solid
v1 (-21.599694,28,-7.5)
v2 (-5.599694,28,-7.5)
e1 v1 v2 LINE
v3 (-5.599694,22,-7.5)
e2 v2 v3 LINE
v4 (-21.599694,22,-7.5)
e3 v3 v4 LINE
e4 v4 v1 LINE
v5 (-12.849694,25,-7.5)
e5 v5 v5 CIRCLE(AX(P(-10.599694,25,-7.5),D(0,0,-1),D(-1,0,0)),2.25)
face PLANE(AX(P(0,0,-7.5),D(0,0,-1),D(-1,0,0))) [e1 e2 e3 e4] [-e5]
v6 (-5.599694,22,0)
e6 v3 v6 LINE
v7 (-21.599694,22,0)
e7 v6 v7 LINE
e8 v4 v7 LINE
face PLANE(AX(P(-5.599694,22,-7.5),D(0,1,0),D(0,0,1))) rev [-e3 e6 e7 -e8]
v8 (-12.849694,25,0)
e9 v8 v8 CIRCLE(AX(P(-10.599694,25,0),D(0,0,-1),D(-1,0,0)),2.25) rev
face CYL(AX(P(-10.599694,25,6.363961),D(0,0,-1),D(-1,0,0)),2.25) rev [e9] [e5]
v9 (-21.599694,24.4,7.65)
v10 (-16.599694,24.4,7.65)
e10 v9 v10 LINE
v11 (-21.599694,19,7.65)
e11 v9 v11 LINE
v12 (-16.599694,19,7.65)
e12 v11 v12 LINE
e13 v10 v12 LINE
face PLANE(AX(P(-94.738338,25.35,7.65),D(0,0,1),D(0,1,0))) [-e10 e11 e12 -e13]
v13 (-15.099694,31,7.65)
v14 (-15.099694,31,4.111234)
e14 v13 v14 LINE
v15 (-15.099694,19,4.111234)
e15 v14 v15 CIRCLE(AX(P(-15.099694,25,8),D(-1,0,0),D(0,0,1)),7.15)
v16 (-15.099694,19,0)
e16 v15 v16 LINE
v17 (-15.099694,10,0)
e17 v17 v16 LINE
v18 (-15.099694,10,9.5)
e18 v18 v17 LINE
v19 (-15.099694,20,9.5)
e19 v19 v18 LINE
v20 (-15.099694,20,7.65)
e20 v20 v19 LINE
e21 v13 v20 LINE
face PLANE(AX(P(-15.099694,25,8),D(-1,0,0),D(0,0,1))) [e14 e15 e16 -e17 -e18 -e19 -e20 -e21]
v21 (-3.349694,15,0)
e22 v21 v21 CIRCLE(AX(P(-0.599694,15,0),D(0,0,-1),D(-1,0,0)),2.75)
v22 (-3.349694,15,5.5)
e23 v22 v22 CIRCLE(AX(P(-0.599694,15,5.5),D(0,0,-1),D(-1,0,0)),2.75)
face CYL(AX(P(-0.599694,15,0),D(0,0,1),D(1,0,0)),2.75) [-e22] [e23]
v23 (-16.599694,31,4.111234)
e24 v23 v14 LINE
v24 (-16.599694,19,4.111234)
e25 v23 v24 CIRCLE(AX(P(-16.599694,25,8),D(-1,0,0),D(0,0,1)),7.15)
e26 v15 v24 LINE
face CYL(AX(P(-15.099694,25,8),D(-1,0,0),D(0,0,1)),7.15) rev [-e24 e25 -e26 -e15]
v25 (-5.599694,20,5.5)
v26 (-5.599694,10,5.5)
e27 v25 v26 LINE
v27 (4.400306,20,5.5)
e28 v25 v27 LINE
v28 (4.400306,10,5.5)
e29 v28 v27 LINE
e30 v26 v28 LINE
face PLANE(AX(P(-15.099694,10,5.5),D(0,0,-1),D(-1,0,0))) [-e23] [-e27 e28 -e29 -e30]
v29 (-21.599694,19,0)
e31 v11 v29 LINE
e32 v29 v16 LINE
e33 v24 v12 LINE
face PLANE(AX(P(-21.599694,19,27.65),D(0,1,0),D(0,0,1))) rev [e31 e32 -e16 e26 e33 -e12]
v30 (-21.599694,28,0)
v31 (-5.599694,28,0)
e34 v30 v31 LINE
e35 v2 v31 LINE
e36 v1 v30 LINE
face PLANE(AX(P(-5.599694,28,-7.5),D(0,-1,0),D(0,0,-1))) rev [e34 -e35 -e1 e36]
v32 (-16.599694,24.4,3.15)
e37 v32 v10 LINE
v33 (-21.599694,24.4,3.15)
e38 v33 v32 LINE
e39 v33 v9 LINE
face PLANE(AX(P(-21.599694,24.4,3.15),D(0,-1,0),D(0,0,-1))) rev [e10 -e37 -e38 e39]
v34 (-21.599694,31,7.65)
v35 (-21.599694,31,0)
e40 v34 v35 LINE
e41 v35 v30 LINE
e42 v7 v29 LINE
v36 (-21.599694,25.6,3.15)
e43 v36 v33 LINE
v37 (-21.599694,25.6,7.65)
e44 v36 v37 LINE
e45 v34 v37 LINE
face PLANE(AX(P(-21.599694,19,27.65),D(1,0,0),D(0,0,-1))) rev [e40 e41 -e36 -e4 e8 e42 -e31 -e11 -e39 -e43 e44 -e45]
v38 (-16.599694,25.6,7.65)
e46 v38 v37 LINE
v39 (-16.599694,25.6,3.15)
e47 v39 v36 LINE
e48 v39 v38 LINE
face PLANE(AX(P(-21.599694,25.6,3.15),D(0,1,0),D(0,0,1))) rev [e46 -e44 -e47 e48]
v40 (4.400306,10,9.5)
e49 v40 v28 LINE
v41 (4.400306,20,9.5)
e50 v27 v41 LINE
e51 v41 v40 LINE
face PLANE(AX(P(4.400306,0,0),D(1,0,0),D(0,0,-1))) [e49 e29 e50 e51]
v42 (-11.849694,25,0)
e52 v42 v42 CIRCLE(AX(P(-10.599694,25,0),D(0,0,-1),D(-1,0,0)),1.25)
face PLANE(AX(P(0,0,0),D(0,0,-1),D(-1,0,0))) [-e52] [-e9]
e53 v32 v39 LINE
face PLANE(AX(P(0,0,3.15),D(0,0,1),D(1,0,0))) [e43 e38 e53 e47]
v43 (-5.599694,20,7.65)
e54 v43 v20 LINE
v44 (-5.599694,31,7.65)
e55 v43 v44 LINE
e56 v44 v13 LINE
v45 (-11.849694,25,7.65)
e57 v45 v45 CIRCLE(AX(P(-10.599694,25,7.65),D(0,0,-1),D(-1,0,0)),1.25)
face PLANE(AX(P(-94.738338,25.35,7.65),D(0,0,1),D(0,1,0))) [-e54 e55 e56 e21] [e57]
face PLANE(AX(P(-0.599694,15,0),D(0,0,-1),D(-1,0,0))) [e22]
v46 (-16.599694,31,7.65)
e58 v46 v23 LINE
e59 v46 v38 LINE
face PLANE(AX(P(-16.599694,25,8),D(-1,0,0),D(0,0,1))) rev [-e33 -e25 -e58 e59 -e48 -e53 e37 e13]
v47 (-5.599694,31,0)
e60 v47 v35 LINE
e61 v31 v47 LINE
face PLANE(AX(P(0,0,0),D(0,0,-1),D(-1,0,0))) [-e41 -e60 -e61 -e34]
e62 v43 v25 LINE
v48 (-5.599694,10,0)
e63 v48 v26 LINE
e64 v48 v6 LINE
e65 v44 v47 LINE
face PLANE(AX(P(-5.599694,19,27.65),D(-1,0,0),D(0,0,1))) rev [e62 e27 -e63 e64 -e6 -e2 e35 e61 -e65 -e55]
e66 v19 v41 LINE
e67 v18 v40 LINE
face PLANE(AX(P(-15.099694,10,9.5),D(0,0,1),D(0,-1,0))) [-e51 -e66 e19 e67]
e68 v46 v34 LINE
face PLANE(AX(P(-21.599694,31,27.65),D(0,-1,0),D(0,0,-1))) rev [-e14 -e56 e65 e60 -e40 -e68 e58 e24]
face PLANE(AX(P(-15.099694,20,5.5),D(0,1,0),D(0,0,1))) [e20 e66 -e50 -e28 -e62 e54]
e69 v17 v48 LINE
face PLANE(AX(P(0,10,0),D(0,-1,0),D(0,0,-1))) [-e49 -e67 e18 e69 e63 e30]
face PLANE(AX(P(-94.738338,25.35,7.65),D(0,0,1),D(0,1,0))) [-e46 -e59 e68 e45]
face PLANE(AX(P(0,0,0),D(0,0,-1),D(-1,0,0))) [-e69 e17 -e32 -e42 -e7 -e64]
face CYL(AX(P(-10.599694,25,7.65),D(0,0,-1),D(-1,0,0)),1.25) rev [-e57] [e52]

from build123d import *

# Parameters (mm, degrees)
SKETCH_1_W          = 16
SKETCH_1_H          = 12
EXTRUDE_1_DEPTH     = 7.65
SKETCH_2_W          = 5
SKETCH_2_H          = 1.2
CUT_EXTRUDE_1_DEPTH = 4.5
SKETCH_3_R          = 7.15
CUT_EXTRUDE_2_DEPTH = 1.5
SKETCH_4_W          = 16
SKETCH_4_H          = 6
EXTRUDE_2_DEPTH     = 7.5
SKETCH_5_R          = 2.25
CUT_EXTRUDE_3_DEPTH = 7.5
SKETCH_6_R          = 1.25
CUT_EXTRUDE_4_DEPTH = 8.65
SKETCH_7_W          = 9.5
SKETCH_7_H          = 7.65
EXTRUDE_3_DEPTH     = 9
EXTRUDE_START       = -9.5
SKETCH_8_W          = 4
SKETCH_8_H          = 10
EXTRUDE_4_DEPTH     = 19.5
SKETCH_9_R          = 2.75
EXTRUDE_5_DEPTH     = 5.5


with BuildPart() as part:
    # Эскиз1 → Бобышка-Вытянуть1 (new body)
    with BuildSketch(Plane.XY):
        with Locations((-13.599693696, 25)):
            Rectangle(SKETCH_1_W, SKETCH_1_H)
    extrude(amount=EXTRUDE_1_DEPTH)

    # Эскиз2 → Вырез-Вытянуть1 (cut)
    with BuildSketch(Plane.XY.offset(7.65)):
        with Locations((-19.099693696, 25)):
            Rectangle(SKETCH_2_W, SKETCH_2_H)
    extrude(amount=-CUT_EXTRUDE_1_DEPTH, mode=Mode.SUBTRACT)

    # Эскиз3 → Вырез-Вытянуть2 (cut)
    with BuildSketch(Plane.ZY.offset(16.599693696)):
        with Locations((8, 25)):
            Circle(SKETCH_3_R)
    extrude(amount=-CUT_EXTRUDE_2_DEPTH, mode=Mode.SUBTRACT)

    # Эскиз4 → Бобышка-Вытянуть2 (add)
    with BuildSketch(Plane(origin=(0, 0, 0), x_dir=(-1, 0, 0), z_dir=(0, 0, -1))):
        with Locations((13.599693696, 25)):
            Rectangle(SKETCH_4_W, SKETCH_4_H)
    extrude(amount=EXTRUDE_2_DEPTH)

    # Эскиз5 → Вырез-Вытянуть3 (cut)
    with BuildSketch(Plane(origin=(0, 0, -7.5), x_dir=(-1, 0, 0), z_dir=(0, 0, -1))):
        with Locations((10.599693696, 25)):
            Circle(SKETCH_5_R)
    extrude(amount=-CUT_EXTRUDE_3_DEPTH, mode=Mode.SUBTRACT)

    # Эскиз6 → Вырез-Вытянуть4 (cut, through all)
    with BuildSketch(Plane(origin=(0, 0, 0), x_dir=(-1, 0, 0), z_dir=(0, 0, -1))):
        with Locations((10.599693696, 25)):
            Circle(SKETCH_6_R)
    extrude(amount=-CUT_EXTRUDE_4_DEPTH, mode=Mode.SUBTRACT)

    # Эскиз7 → Бобышка-Вытянуть3 (add)
    with BuildSketch(Plane.XZ.offset(-19)):
        with Locations((-10.349693696, 3.825)):
            Rectangle(SKETCH_7_W, SKETCH_7_H)
    extrude(amount=EXTRUDE_3_DEPTH)

    # Эскиз8 → Бобышка-Вытянуть4 (add)
    with BuildSketch(Plane(origin=(-5.599693696, 0, 0), x_dir=(0, 0, -1), z_dir=(1, 0, 0)).offset(EXTRUDE_START)):
        with Locations((-7.5, 15)):
            Rectangle(SKETCH_8_W, SKETCH_8_H)
    extrude(amount=EXTRUDE_4_DEPTH)

    # Эскиз9 → Бобышка-Вытянуть5 (add)
    with BuildSketch(Plane(origin=(0, 0, 5.5), x_dir=(-1, 0, 0), z_dir=(0, 0, -1))):
        with Locations((0.599693696, 15)):
            Circle(SKETCH_9_R)
    extrude(amount=EXTRUDE_5_DEPTH)


solid = part.part
